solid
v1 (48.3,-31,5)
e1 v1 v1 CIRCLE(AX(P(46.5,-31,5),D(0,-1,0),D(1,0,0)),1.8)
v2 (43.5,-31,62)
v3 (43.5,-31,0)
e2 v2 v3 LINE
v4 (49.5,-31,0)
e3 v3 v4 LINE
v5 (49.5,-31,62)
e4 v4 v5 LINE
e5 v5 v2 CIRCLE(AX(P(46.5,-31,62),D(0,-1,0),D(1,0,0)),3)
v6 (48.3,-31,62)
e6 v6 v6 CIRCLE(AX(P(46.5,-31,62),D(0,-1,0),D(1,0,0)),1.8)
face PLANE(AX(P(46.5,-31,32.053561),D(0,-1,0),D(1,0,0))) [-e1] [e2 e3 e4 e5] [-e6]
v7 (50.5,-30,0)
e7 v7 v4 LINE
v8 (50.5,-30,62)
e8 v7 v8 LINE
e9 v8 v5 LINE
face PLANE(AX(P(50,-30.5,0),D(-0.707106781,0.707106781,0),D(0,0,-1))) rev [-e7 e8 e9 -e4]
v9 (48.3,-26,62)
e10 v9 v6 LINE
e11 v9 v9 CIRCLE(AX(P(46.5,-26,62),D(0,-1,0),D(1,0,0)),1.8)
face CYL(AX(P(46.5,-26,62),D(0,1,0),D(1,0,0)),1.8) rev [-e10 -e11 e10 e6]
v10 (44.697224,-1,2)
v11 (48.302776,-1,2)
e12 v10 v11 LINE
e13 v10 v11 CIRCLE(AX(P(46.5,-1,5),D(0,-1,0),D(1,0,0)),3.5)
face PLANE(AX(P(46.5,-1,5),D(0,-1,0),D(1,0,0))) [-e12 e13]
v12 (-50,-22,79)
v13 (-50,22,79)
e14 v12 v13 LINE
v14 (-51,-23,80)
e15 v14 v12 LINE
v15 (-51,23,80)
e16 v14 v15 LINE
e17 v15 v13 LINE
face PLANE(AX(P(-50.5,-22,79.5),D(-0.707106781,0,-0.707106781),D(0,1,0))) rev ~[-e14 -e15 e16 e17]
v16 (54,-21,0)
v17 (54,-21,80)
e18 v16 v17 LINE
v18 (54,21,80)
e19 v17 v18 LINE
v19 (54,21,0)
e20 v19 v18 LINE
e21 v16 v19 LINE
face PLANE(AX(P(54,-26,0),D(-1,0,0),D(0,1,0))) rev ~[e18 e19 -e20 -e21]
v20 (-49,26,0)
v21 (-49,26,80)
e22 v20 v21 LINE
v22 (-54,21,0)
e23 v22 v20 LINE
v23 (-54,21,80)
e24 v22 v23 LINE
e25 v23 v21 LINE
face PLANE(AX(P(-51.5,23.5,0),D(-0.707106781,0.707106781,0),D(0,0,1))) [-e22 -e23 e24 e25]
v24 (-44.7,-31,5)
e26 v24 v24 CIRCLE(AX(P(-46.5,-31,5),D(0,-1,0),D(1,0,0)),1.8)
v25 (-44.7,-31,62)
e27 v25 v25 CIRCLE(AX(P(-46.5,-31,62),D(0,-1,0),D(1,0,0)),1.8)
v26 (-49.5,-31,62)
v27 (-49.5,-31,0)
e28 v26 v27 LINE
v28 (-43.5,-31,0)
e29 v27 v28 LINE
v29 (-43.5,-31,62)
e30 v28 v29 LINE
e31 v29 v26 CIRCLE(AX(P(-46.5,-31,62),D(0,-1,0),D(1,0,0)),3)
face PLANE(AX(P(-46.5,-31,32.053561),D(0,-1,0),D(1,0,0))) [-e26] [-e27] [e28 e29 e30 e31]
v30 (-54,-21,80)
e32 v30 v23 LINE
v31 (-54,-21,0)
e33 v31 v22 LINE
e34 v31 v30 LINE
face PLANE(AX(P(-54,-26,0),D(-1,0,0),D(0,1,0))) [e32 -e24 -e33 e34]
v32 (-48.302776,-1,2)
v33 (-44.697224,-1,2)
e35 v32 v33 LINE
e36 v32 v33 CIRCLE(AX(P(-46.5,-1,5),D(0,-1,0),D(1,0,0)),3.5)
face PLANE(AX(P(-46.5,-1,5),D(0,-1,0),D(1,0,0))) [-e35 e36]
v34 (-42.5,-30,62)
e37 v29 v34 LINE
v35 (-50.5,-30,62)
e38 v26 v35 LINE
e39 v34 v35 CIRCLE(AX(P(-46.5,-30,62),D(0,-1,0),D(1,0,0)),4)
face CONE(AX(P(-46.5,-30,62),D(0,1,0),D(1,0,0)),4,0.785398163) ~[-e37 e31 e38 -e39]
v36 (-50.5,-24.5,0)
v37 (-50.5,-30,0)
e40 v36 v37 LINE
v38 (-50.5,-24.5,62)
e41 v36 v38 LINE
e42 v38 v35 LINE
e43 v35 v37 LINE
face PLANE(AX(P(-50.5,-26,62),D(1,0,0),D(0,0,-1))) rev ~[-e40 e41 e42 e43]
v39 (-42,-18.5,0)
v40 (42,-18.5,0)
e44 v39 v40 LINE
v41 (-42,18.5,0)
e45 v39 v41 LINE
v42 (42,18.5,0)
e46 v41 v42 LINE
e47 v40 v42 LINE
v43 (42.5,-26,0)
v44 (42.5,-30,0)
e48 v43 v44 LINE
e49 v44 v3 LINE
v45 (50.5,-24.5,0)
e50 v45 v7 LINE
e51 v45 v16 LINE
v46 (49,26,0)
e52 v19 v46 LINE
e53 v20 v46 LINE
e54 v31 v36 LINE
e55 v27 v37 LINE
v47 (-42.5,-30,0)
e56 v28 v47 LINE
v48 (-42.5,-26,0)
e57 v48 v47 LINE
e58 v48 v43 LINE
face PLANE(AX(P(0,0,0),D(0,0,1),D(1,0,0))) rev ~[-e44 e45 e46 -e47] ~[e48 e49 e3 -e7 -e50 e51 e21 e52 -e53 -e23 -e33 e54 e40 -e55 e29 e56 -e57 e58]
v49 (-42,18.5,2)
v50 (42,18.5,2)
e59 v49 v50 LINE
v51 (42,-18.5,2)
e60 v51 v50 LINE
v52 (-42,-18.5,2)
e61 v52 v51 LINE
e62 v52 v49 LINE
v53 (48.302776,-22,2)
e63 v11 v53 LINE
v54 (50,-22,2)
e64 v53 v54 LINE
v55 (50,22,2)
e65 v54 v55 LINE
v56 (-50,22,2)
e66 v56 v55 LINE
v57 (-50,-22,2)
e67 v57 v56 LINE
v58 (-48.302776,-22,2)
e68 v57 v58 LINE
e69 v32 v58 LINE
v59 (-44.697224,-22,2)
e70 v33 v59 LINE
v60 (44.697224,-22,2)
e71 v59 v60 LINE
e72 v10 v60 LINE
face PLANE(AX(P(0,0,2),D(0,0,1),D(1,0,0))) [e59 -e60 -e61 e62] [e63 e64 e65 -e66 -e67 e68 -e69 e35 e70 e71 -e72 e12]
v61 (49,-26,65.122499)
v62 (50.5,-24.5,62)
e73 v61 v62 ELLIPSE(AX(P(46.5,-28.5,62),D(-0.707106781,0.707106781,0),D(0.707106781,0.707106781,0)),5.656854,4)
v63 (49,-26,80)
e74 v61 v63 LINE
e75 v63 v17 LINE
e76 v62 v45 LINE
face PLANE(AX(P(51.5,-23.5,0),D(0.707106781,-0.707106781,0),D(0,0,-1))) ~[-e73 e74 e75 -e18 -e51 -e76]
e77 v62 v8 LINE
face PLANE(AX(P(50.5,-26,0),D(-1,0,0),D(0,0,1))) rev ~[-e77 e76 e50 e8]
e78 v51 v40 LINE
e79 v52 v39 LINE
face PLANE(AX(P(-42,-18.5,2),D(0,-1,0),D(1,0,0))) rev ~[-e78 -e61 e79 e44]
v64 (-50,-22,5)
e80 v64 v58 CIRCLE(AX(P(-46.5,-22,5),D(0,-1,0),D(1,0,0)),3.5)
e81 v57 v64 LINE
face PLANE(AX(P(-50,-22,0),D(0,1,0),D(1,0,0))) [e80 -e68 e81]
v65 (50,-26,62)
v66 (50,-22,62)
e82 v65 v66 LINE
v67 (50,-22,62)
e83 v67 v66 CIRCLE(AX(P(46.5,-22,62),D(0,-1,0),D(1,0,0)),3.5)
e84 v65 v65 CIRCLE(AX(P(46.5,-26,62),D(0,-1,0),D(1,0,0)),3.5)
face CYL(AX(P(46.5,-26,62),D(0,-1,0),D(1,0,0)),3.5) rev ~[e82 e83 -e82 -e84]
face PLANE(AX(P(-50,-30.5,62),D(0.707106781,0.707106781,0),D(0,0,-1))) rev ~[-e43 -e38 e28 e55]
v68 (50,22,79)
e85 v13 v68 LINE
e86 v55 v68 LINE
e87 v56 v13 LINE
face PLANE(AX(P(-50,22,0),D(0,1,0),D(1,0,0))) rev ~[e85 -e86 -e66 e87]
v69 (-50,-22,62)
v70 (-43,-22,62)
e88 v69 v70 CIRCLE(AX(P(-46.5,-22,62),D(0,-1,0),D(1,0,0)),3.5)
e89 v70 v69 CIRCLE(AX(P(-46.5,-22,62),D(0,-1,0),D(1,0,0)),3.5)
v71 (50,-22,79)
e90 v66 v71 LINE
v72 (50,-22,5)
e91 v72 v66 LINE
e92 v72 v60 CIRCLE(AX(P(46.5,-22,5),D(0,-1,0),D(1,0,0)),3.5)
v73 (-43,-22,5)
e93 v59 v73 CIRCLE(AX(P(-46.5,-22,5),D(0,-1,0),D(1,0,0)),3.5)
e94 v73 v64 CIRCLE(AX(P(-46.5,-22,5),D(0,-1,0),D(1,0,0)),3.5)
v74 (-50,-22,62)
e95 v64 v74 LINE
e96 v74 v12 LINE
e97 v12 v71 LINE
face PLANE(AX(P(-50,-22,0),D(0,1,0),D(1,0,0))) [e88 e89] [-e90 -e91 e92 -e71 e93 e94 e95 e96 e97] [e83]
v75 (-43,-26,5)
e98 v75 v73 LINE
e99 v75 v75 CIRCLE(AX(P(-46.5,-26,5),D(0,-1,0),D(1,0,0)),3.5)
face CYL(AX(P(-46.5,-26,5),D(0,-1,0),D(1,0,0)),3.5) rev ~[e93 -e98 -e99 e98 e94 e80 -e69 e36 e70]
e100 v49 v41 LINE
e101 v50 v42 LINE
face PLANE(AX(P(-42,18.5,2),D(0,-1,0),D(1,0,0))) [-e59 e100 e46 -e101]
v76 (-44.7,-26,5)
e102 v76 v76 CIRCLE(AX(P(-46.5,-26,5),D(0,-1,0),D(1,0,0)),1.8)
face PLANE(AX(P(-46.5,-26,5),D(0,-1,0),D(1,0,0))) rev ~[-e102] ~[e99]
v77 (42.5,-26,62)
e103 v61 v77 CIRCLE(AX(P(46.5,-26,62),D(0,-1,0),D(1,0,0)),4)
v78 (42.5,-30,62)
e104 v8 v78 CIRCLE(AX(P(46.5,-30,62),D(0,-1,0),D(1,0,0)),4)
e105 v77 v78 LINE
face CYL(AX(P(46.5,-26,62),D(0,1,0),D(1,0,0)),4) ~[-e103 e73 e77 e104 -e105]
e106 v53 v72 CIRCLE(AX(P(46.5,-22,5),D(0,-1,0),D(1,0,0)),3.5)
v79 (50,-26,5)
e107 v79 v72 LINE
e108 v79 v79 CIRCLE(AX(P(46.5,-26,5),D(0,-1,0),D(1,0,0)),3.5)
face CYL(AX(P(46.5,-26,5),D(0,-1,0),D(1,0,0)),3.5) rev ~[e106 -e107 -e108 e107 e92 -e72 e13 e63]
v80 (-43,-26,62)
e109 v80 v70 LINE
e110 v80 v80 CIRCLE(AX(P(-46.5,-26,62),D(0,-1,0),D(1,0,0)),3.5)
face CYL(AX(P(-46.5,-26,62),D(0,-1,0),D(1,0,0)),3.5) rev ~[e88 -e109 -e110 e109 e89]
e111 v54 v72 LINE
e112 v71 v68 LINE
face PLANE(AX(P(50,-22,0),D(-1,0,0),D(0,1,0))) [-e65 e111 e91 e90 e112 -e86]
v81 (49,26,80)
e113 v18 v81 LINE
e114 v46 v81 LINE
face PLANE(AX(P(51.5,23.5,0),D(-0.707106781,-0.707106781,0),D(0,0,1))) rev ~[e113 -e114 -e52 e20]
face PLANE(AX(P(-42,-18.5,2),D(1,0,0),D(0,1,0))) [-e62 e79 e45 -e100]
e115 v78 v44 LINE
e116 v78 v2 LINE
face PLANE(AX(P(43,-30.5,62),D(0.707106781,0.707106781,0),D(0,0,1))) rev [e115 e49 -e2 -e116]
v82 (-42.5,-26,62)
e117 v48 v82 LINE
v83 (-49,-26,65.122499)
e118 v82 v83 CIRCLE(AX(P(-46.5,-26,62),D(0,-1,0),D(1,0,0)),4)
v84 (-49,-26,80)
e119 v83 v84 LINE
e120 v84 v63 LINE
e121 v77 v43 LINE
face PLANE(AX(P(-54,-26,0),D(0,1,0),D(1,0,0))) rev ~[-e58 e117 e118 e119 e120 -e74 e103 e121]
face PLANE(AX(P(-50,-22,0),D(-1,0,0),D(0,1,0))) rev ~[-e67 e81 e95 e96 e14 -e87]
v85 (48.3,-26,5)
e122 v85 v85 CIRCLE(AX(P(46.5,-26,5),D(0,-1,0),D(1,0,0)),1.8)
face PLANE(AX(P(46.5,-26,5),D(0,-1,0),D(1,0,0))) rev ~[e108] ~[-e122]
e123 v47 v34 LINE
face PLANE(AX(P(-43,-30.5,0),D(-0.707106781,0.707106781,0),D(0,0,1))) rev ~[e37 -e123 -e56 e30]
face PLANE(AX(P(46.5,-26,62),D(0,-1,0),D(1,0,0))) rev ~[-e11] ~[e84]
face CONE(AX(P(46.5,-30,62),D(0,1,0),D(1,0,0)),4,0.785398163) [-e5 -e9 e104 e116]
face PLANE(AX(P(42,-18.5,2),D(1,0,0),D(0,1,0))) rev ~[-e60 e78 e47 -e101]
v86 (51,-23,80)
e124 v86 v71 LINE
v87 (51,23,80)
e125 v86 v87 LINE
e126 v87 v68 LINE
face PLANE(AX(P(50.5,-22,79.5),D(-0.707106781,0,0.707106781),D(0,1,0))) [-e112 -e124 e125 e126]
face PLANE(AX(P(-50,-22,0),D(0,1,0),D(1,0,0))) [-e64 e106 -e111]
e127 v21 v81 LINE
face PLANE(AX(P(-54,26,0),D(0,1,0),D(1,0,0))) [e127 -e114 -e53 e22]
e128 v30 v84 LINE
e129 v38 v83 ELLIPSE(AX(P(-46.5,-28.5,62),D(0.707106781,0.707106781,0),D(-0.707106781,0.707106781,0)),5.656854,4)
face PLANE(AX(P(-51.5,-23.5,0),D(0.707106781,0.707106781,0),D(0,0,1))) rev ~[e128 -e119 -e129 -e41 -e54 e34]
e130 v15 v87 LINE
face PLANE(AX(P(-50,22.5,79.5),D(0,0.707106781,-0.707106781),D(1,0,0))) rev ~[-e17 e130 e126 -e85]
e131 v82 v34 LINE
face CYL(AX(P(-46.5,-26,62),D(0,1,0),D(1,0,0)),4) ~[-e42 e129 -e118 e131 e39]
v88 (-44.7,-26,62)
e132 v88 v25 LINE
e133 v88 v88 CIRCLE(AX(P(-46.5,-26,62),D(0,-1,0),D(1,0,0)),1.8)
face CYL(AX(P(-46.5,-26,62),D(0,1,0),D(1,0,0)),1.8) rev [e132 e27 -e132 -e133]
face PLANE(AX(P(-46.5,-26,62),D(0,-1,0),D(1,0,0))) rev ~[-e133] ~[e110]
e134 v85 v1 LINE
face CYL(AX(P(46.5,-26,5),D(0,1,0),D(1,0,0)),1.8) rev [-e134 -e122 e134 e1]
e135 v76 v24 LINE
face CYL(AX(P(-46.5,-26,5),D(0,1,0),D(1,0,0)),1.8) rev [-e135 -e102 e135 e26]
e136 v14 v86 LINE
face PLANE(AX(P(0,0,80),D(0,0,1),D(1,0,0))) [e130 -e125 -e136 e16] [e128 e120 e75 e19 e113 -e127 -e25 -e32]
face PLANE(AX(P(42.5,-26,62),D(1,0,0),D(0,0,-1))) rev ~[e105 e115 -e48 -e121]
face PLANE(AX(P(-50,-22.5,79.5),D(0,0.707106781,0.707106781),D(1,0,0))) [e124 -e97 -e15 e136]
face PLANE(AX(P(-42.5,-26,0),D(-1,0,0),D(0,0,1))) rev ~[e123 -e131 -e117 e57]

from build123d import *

# Parameters (mm, degrees)
F0_W     = 108
F0_H     = 52
F0_W_2   = 100
F0_H_2   = 44
F1_DEPTH = 80
F2_DEPTH = 2
F3_R     = 3.5
F3_R_2   = 1.8
F4_DEPTH = 5
F5_DEPTH = 25
F6_SIZE  = 5
F7_SIZE  = 1
F8_W     = 84
F8_H     = 37
F9_DEPTH = 25


with BuildPart() as f1:
    # F0 (on Top) → F1 (new body)
    with BuildSketch(Plane.XY):
        Rectangle(F0_W, F0_H)
        Rectangle(F0_W_2, F0_H_2, mode=Mode.SUBTRACT)
    extrude(amount=F1_DEPTH)

    # F0 (on Top) → F2 (join)
    with BuildSketch(Plane.XY):
        Rectangle(F0_W_2, F0_H_2)
    extrude(amount=F2_DEPTH)

    # F3 (on face) → F4 (join)
    with BuildSketch(Plane.XZ.offset(26)):
        with BuildLine():
            Line((-42.5, 0), (-42.5, 62))
            ThreePointArc((-42.5, 62), (-46.5, 66), (-50.5, 62))
            Line((-50.5, 62), (-50.5, 0))
            Line((-50.5, 0), (-42.5, 0))
        make_face()
        with Locations((-46.5, 5)):
            Circle(F3_R, mode=Mode.SUBTRACT)
        with Locations((-46.5, 62)):
            Circle(F3_R, mode=Mode.SUBTRACT)
        with BuildLine():
            Line((42.5, 62), (42.5, 0))
            Line((42.5, 0), (50.5, 0))
            Line((50.5, 0), (50.5, 62))
            ThreePointArc((50.5, 62), (46.5, 66), (42.5, 62))
        make_face()
        with Locations((46.5, 5)):
            Circle(F3_R, mode=Mode.SUBTRACT)
        with Locations((46.5, 62)):
            Circle(F3_R, mode=Mode.SUBTRACT)
        with Locations((46.5, 62)):
            Circle(F3_R)
        with Locations((46.5, 62)):
            Circle(F3_R_2, mode=Mode.SUBTRACT)
        with Locations((-46.5, 62)):
            Circle(F3_R)
        with Locations((-46.5, 62)):
            Circle(F3_R_2, mode=Mode.SUBTRACT)
        with Locations((-46.5, 5)):
            Circle(F3_R)
        with Locations((-46.5, 5)):
            Circle(F3_R_2, mode=Mode.SUBTRACT)
        with Locations((46.5, 5)):
            Circle(F3_R)
        with Locations((46.5, 5)):
            Circle(F3_R_2, mode=Mode.SUBTRACT)
    extrude(amount=F4_DEPTH)

    # F3 (on face) → F5 (cut)
    with BuildSketch(Plane.XZ.offset(26)):
        with Locations((-46.5, 5)):
            Circle(F3_R)
        with Locations((-46.5, 5)):
            Circle(F3_R_2, mode=Mode.SUBTRACT)
        with Locations((46.5, 5)):
            Circle(F3_R)
        with Locations((46.5, 5)):
            Circle(F3_R_2, mode=Mode.SUBTRACT)
        with Locations((46.5, 62)):
            Circle(F3_R)
        with Locations((46.5, 62)):
            Circle(F3_R_2, mode=Mode.SUBTRACT)
        with Locations((46.5, 62)):
            Circle(F3_R_2)
        with Locations((46.5, 5)):
            Circle(F3_R_2)
        with Locations((-46.5, 5)):
            Circle(F3_R_2)
        with Locations((-46.5, 62)):
            Circle(F3_R)
        with Locations((-46.5, 62)):
            Circle(F3_R_2, mode=Mode.SUBTRACT)
        with Locations((-46.5, 62)):
            Circle(F3_R_2)
    extrude(amount=-F5_DEPTH, mode=Mode.SUBTRACT)

    # F6
    f6_edges = [f1.edges().sort_by_distance(p)[0] for p in [
        (54, 26, 40),
        (54, -26, 40),
        (-54, -26, 40),
        (-54, 26, 40),
    ]]
    chamfer(f6_edges, length=F6_SIZE)

    # F7
    f7_edges = [f1.edges().sort_by_distance(p)[0] for p in [
        (0, 22, 80),
        (-50, 0, 80),
        (0, -22, 80),
        (50, 0, 80),
        (-42.5, -31, 31),
        (-50.5, -31, 31),
        (42.5, -31, 31),
    ]]
    chamfer(f7_edges, length=F7_SIZE)

    # F8 (on face) → F9 (cut)
    with BuildSketch(Plane.XY.offset(2)):
        Rectangle(F8_W, F8_H)
    extrude(amount=-F9_DEPTH, mode=Mode.SUBTRACT)


solid = f1.part
